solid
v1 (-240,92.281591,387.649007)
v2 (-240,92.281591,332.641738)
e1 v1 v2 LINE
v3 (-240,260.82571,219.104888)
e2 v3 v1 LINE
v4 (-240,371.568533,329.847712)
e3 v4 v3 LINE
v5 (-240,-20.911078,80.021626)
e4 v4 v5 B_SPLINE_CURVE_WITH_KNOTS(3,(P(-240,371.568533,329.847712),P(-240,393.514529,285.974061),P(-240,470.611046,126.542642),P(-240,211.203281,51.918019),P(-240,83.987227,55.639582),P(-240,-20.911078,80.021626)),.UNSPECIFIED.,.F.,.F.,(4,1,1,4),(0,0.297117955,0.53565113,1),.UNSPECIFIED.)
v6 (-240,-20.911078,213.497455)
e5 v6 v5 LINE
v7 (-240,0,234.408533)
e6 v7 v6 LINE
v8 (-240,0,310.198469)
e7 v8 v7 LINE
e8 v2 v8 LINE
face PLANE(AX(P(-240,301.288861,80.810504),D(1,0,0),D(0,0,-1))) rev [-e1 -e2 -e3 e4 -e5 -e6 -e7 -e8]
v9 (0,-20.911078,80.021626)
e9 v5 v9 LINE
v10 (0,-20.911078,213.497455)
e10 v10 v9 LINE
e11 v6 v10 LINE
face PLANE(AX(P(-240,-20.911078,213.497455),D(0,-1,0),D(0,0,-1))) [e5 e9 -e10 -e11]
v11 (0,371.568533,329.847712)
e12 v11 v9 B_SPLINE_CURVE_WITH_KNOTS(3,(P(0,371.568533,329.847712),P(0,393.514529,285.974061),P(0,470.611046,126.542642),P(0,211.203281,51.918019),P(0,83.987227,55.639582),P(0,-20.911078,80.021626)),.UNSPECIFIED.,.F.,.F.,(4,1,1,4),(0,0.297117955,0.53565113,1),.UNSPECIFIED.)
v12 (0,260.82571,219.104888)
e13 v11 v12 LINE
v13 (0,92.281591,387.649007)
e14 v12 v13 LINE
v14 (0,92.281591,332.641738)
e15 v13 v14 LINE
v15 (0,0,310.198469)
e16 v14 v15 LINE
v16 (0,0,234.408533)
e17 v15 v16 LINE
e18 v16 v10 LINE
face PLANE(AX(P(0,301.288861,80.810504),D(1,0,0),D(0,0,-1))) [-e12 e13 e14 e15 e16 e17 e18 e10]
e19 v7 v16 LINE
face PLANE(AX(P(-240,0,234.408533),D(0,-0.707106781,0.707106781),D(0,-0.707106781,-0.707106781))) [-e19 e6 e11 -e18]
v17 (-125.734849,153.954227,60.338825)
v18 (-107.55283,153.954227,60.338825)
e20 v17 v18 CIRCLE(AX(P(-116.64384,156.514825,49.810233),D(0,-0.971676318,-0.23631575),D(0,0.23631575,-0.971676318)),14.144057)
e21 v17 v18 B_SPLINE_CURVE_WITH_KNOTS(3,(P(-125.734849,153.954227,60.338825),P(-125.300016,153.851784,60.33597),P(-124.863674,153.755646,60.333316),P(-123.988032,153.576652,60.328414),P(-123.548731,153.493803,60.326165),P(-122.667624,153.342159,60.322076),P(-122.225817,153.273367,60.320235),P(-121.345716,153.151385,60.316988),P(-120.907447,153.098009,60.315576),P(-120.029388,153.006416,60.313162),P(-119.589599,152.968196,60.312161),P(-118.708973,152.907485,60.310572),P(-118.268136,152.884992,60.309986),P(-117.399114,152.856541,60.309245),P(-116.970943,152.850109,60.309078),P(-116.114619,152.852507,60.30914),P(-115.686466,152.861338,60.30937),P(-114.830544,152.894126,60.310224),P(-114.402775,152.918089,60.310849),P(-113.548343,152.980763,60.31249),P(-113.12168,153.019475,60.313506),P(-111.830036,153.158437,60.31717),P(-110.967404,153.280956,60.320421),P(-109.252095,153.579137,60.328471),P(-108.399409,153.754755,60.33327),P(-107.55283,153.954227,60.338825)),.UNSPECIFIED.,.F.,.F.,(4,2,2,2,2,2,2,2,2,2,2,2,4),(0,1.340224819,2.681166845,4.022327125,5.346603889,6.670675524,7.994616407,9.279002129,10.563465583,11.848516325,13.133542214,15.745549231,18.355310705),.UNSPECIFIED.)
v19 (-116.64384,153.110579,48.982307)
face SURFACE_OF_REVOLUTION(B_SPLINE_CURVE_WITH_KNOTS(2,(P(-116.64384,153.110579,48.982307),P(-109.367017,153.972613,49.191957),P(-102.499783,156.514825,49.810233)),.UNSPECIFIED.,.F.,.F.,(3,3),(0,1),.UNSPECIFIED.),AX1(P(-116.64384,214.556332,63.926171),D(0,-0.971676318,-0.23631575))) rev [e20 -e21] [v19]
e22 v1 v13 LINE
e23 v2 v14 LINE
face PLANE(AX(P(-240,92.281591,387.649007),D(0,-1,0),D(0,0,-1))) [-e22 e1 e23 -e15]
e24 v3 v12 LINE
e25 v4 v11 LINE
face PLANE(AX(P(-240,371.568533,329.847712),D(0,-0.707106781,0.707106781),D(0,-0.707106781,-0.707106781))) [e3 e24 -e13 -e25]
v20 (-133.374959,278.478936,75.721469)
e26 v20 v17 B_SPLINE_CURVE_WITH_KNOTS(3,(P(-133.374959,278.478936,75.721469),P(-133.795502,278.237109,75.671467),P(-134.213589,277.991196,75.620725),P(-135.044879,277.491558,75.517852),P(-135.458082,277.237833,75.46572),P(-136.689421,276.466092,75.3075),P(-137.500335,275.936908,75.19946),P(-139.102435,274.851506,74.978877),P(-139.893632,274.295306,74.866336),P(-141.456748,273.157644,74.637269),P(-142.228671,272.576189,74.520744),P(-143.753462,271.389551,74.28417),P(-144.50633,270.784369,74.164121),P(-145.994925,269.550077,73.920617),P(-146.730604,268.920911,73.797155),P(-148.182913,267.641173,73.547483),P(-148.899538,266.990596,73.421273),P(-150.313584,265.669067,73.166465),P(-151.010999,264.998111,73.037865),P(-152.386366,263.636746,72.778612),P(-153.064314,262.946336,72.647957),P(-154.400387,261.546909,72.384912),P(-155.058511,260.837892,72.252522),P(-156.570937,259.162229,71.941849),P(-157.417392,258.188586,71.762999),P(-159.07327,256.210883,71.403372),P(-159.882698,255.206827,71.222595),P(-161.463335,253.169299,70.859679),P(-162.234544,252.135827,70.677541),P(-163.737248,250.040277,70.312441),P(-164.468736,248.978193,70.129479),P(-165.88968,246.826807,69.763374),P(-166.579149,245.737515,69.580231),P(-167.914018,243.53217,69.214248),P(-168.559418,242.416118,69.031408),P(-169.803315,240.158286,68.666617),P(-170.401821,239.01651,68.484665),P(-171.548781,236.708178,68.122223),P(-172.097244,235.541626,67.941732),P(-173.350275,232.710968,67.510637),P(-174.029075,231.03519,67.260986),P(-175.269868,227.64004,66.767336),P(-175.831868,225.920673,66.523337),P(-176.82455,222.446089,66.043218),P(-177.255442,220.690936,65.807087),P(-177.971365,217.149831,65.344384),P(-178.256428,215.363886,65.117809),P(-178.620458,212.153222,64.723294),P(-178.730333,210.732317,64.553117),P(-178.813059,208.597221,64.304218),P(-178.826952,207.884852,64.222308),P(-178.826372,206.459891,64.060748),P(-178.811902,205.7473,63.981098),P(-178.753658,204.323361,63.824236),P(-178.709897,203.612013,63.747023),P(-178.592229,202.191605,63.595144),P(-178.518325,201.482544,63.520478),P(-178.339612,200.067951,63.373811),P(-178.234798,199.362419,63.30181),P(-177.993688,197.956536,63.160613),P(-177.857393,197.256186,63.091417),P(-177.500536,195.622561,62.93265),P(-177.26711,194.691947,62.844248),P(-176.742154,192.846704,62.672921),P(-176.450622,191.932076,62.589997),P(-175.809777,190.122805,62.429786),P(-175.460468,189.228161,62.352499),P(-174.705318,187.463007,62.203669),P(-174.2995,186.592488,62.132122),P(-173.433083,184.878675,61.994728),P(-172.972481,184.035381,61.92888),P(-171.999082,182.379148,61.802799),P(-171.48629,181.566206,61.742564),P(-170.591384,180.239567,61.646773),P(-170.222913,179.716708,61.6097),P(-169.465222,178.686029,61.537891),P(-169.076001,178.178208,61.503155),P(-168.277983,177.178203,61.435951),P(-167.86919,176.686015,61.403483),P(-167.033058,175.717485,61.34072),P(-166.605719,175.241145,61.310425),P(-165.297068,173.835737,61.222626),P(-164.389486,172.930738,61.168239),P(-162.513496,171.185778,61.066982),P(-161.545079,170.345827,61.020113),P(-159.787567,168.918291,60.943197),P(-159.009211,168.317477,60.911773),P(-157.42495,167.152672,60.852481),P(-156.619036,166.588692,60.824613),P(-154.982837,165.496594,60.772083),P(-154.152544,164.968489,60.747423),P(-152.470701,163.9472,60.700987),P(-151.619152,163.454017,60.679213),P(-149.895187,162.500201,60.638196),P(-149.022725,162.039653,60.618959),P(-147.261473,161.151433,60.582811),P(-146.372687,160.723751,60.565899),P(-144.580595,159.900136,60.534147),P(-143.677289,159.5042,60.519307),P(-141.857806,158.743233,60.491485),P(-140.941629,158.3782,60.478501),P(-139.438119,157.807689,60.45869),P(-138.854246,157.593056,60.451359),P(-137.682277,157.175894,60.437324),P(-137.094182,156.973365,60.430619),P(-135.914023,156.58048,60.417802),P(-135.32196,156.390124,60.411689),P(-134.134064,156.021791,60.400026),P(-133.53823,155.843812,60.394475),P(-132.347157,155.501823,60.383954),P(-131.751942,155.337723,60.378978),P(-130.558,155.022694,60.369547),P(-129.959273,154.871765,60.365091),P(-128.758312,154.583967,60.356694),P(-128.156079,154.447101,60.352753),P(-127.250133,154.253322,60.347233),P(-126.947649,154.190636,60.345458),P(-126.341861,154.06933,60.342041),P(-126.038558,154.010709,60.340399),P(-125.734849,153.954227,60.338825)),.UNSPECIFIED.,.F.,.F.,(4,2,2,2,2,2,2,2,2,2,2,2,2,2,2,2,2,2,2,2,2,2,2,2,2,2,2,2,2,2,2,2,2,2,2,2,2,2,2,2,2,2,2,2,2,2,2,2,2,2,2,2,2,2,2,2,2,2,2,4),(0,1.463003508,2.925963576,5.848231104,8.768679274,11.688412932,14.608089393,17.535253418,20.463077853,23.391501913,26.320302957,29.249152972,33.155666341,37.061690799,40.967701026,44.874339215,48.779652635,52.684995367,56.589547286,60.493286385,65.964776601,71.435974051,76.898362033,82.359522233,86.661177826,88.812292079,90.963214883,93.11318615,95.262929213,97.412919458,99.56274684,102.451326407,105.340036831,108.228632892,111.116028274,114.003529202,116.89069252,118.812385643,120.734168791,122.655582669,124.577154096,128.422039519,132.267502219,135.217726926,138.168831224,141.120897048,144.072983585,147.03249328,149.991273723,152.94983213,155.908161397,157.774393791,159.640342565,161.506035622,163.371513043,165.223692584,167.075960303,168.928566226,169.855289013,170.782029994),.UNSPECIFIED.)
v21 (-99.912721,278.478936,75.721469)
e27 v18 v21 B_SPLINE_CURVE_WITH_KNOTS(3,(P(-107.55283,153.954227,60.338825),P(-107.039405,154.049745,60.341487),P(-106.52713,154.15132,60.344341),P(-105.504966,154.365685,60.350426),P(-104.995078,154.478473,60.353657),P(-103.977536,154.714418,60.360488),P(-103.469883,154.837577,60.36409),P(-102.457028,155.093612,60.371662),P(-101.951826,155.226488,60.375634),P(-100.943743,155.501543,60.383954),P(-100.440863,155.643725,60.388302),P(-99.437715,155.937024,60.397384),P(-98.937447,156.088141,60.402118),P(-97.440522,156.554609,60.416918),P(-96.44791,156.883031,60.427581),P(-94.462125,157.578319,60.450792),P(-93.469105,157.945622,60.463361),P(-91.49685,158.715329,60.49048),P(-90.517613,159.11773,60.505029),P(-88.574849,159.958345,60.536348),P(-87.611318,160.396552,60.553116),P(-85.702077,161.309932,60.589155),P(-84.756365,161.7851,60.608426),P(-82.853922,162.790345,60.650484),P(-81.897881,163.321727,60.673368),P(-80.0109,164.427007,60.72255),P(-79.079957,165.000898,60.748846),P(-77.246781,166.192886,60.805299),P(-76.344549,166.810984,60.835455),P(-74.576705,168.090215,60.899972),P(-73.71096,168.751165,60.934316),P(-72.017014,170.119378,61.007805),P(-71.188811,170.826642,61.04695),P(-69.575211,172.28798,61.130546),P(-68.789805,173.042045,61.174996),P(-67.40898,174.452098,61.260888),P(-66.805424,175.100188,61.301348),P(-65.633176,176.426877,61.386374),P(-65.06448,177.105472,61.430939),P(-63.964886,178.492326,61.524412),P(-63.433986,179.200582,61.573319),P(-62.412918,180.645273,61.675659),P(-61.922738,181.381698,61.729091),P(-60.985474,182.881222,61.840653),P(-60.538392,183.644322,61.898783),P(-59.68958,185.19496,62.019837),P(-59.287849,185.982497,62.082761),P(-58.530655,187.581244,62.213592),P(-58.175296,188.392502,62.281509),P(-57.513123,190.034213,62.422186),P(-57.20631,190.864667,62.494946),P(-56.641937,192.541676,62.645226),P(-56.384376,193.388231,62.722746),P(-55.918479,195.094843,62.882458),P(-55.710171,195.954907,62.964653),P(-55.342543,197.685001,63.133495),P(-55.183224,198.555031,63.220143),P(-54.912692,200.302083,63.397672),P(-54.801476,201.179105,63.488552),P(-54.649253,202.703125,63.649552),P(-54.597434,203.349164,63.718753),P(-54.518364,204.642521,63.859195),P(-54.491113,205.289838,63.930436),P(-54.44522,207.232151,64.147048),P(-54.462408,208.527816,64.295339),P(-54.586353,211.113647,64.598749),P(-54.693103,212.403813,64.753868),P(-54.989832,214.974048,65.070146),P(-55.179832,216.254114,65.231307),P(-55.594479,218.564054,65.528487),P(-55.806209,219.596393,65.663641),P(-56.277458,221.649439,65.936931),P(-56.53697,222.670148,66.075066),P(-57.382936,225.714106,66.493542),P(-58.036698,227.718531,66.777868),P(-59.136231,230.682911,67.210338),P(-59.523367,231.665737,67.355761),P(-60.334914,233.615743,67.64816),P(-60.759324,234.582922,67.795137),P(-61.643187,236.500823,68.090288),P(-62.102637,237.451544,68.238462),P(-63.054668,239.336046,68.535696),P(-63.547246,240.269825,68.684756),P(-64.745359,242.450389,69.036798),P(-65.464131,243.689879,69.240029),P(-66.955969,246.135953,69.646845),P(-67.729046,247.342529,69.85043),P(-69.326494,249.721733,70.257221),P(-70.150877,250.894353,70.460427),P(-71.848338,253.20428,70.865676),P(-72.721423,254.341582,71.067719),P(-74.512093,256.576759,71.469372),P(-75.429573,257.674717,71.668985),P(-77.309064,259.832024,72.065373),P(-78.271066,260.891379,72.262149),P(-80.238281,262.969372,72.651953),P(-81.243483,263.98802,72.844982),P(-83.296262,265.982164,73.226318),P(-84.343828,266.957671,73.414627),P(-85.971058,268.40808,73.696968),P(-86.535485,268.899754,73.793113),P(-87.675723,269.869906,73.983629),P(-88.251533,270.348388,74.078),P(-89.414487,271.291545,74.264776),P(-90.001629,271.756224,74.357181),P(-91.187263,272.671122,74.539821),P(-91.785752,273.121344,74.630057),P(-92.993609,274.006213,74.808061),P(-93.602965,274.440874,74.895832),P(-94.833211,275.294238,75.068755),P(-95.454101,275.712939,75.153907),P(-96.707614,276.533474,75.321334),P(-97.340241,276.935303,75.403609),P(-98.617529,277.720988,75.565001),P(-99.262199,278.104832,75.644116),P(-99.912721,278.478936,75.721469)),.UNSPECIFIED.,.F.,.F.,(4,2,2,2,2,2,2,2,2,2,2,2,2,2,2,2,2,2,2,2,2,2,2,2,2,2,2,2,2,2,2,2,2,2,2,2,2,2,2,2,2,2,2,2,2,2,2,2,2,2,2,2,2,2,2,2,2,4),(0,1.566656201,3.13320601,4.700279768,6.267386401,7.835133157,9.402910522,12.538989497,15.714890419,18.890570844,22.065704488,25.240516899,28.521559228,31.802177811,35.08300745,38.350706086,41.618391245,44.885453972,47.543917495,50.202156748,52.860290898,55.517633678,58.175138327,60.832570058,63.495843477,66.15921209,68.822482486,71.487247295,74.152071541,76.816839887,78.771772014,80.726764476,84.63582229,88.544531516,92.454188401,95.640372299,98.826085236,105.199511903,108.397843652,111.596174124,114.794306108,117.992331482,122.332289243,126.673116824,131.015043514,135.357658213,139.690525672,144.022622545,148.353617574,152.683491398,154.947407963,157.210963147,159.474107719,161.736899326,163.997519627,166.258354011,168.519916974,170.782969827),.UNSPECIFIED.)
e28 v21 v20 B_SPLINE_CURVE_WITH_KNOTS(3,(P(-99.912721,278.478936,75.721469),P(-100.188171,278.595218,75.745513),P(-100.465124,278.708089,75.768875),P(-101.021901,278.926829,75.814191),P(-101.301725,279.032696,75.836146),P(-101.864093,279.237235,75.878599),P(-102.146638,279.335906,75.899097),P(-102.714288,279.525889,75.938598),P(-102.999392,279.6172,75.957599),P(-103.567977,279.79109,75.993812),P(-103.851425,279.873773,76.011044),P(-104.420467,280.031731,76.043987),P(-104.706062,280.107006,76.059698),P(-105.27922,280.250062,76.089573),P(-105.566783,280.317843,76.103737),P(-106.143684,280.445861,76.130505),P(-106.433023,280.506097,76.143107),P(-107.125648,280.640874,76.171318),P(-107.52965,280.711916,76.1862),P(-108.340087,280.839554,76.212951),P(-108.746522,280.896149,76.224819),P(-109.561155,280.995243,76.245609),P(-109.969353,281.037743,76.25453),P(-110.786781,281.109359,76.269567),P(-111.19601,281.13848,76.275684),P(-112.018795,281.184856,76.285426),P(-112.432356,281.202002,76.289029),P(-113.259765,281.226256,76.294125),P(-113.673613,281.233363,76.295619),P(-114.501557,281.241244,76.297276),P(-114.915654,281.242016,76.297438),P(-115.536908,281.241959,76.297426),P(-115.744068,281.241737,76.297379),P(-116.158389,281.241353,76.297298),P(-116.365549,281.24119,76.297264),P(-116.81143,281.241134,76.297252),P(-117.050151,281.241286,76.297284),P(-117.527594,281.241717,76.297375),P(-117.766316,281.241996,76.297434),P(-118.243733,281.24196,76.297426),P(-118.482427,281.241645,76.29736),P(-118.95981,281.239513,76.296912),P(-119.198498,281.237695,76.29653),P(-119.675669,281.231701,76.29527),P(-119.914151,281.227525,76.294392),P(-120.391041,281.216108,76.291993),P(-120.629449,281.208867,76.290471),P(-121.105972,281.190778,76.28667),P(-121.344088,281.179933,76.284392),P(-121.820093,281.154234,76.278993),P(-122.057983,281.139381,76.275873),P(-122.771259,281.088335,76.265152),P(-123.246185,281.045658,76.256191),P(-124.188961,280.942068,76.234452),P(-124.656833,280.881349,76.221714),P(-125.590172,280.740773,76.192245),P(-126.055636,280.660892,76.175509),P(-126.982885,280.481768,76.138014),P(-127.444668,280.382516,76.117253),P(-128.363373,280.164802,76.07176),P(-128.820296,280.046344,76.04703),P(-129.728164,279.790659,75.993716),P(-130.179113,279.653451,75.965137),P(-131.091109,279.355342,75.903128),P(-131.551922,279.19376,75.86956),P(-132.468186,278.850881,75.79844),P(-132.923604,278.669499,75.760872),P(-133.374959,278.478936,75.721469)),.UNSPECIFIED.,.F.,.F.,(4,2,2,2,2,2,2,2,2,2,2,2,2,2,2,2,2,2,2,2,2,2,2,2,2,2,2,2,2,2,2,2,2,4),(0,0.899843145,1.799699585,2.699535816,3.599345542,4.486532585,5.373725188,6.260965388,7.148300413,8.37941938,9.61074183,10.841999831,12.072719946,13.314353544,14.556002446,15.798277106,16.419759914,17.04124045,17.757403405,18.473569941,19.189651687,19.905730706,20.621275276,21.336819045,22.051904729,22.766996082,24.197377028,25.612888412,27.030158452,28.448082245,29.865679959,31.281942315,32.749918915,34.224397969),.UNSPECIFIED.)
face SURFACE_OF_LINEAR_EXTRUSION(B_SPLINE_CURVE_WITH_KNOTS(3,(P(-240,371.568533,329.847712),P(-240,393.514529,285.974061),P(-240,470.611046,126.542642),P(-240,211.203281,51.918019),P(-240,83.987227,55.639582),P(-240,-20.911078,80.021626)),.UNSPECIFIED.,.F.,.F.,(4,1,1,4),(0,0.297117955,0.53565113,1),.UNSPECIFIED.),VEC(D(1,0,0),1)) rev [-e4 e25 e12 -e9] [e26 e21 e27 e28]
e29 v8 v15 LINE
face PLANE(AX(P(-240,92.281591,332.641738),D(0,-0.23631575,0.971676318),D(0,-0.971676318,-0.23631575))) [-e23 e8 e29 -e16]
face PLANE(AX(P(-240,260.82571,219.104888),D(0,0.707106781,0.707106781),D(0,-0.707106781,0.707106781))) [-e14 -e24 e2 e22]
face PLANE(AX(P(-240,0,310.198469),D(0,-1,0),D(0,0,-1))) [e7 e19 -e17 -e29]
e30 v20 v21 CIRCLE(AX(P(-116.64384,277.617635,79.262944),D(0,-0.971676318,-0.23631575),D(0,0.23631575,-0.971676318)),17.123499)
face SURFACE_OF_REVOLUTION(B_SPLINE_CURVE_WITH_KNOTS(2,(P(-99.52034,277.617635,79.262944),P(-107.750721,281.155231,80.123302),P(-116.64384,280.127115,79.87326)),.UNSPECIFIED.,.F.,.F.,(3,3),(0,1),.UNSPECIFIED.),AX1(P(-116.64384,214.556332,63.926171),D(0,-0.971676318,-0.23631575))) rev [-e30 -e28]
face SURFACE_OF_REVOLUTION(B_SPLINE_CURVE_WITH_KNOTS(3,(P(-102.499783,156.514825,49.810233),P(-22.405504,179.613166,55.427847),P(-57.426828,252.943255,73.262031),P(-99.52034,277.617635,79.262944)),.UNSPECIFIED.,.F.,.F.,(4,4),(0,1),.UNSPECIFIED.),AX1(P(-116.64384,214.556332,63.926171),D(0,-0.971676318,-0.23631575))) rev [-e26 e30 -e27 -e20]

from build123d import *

# Parameters (mm, degrees)
BOSS_EXTRUDE1_DEPTH = 24
SKETCH11_R          = 5.697753685
CUT_EXTRUDE4_DEPTH  = 7
SCALE1_SCALE        = 10


with BuildPart() as part:
    # Sketch2 → Boss-Extrude1 (new body)
    with BuildSketch(Plane(origin=(0, 0, 0), x_dir=(0, 0, -1), z_dir=(1, 0, 0))):
        with BuildLine():
            Line((-32.984771151, 37.156853259), (-21.910488843, 26.082570951))
            Line((-21.910488843, 26.082570951), (-38.764900737, 9.228159057))
            Line((-38.764900737, 9.228159057), (-33.264173814, 9.228159057))
            Line((-33.264173814, 9.228159057), (-31.019846879, 0))
            Line((-31.019846879, 0), (-23.440853259, 0))
            Line((-23.440853259, 0), (-21.34974547, -2.091107789))
            Line((-21.34974547, -2.091107789), (-8.002162552, -2.091107789))
            add(Edge.make_bspline(
                [(-32.984771151, 37.156853259), (-28.59740608, 39.351452903), (-12.654264242, 47.061104602), (-5.191801864, 21.120328129), (-5.563958224, 8.398722741), (-8.002162552, -2.091107789)],
                knots=[0, 0, 0, 0, 0.297117955, 0.53565113, 1, 1, 1, 1], degree=3))
        make_face()
    extrude(amount=-BOSS_EXTRUDE1_DEPTH)

    # Sketch11 → Cut-Extrude4 (cut)
    with BuildSketch(Plane(origin=(0, 1.148199013, -4.721131737), x_dir=(-1, 0, 0), z_dir=(0, 0.23631575032824995, -0.9716763175804979))):
        with Locations((11.664383963, 22.358606811)):
            Circle(SKETCH11_R)
    extrude(amount=-CUT_EXTRUDE4_DEPTH, mode=Mode.SUBTRACT)

    # Sketch67 → Revolve1 (revolve)
    with BuildSketch(Plane(origin=(0, -0.269695489, 1.108926168), x_dir=(1, 0, 0), z_dir=(0, -0.23631575032824995, 0.9716763175804979))):
        with BuildLine():
            Line((-11.664383963, 29.106819343), (-11.664383963, 16.034921428))
            add(Edge.make_bspline(
                [(-10.249978258, 16.385269123), (-10.936701733, 16.123637578), (-11.664383963, 16.034921428)],
                knots=[0, 0, 0, 1, 1, 1], degree=2))
            add(Edge.make_bspline(
                [(-9.952034037, 28.848556307), (-5.742682801, 26.309194224), (-2.240550386, 18.762433328), (-10.249978258, 16.385269123)],
                knots=[0, 0, 0, 0, 1, 1, 1, 1], degree=3))
            add(Edge.make_bspline(
                [(-9.952034037, 28.848556307), (-10.775072134, 29.212627771), (-11.664383963, 29.106819343)],
                knots=[0, 0, 0, 1, 1, 1], degree=2))
        make_face()
    revolve(axis=Axis((-11.664383963, 21.455633243, 6.392617113), (0, 0.9716763175804978, 0.23631575032824992)))


with BuildPart() as part_1:
    # Scale1: scaled about (0, 0, 0)
    add(part.part.scale(SCALE1_SCALE))


solid = part_1.part
